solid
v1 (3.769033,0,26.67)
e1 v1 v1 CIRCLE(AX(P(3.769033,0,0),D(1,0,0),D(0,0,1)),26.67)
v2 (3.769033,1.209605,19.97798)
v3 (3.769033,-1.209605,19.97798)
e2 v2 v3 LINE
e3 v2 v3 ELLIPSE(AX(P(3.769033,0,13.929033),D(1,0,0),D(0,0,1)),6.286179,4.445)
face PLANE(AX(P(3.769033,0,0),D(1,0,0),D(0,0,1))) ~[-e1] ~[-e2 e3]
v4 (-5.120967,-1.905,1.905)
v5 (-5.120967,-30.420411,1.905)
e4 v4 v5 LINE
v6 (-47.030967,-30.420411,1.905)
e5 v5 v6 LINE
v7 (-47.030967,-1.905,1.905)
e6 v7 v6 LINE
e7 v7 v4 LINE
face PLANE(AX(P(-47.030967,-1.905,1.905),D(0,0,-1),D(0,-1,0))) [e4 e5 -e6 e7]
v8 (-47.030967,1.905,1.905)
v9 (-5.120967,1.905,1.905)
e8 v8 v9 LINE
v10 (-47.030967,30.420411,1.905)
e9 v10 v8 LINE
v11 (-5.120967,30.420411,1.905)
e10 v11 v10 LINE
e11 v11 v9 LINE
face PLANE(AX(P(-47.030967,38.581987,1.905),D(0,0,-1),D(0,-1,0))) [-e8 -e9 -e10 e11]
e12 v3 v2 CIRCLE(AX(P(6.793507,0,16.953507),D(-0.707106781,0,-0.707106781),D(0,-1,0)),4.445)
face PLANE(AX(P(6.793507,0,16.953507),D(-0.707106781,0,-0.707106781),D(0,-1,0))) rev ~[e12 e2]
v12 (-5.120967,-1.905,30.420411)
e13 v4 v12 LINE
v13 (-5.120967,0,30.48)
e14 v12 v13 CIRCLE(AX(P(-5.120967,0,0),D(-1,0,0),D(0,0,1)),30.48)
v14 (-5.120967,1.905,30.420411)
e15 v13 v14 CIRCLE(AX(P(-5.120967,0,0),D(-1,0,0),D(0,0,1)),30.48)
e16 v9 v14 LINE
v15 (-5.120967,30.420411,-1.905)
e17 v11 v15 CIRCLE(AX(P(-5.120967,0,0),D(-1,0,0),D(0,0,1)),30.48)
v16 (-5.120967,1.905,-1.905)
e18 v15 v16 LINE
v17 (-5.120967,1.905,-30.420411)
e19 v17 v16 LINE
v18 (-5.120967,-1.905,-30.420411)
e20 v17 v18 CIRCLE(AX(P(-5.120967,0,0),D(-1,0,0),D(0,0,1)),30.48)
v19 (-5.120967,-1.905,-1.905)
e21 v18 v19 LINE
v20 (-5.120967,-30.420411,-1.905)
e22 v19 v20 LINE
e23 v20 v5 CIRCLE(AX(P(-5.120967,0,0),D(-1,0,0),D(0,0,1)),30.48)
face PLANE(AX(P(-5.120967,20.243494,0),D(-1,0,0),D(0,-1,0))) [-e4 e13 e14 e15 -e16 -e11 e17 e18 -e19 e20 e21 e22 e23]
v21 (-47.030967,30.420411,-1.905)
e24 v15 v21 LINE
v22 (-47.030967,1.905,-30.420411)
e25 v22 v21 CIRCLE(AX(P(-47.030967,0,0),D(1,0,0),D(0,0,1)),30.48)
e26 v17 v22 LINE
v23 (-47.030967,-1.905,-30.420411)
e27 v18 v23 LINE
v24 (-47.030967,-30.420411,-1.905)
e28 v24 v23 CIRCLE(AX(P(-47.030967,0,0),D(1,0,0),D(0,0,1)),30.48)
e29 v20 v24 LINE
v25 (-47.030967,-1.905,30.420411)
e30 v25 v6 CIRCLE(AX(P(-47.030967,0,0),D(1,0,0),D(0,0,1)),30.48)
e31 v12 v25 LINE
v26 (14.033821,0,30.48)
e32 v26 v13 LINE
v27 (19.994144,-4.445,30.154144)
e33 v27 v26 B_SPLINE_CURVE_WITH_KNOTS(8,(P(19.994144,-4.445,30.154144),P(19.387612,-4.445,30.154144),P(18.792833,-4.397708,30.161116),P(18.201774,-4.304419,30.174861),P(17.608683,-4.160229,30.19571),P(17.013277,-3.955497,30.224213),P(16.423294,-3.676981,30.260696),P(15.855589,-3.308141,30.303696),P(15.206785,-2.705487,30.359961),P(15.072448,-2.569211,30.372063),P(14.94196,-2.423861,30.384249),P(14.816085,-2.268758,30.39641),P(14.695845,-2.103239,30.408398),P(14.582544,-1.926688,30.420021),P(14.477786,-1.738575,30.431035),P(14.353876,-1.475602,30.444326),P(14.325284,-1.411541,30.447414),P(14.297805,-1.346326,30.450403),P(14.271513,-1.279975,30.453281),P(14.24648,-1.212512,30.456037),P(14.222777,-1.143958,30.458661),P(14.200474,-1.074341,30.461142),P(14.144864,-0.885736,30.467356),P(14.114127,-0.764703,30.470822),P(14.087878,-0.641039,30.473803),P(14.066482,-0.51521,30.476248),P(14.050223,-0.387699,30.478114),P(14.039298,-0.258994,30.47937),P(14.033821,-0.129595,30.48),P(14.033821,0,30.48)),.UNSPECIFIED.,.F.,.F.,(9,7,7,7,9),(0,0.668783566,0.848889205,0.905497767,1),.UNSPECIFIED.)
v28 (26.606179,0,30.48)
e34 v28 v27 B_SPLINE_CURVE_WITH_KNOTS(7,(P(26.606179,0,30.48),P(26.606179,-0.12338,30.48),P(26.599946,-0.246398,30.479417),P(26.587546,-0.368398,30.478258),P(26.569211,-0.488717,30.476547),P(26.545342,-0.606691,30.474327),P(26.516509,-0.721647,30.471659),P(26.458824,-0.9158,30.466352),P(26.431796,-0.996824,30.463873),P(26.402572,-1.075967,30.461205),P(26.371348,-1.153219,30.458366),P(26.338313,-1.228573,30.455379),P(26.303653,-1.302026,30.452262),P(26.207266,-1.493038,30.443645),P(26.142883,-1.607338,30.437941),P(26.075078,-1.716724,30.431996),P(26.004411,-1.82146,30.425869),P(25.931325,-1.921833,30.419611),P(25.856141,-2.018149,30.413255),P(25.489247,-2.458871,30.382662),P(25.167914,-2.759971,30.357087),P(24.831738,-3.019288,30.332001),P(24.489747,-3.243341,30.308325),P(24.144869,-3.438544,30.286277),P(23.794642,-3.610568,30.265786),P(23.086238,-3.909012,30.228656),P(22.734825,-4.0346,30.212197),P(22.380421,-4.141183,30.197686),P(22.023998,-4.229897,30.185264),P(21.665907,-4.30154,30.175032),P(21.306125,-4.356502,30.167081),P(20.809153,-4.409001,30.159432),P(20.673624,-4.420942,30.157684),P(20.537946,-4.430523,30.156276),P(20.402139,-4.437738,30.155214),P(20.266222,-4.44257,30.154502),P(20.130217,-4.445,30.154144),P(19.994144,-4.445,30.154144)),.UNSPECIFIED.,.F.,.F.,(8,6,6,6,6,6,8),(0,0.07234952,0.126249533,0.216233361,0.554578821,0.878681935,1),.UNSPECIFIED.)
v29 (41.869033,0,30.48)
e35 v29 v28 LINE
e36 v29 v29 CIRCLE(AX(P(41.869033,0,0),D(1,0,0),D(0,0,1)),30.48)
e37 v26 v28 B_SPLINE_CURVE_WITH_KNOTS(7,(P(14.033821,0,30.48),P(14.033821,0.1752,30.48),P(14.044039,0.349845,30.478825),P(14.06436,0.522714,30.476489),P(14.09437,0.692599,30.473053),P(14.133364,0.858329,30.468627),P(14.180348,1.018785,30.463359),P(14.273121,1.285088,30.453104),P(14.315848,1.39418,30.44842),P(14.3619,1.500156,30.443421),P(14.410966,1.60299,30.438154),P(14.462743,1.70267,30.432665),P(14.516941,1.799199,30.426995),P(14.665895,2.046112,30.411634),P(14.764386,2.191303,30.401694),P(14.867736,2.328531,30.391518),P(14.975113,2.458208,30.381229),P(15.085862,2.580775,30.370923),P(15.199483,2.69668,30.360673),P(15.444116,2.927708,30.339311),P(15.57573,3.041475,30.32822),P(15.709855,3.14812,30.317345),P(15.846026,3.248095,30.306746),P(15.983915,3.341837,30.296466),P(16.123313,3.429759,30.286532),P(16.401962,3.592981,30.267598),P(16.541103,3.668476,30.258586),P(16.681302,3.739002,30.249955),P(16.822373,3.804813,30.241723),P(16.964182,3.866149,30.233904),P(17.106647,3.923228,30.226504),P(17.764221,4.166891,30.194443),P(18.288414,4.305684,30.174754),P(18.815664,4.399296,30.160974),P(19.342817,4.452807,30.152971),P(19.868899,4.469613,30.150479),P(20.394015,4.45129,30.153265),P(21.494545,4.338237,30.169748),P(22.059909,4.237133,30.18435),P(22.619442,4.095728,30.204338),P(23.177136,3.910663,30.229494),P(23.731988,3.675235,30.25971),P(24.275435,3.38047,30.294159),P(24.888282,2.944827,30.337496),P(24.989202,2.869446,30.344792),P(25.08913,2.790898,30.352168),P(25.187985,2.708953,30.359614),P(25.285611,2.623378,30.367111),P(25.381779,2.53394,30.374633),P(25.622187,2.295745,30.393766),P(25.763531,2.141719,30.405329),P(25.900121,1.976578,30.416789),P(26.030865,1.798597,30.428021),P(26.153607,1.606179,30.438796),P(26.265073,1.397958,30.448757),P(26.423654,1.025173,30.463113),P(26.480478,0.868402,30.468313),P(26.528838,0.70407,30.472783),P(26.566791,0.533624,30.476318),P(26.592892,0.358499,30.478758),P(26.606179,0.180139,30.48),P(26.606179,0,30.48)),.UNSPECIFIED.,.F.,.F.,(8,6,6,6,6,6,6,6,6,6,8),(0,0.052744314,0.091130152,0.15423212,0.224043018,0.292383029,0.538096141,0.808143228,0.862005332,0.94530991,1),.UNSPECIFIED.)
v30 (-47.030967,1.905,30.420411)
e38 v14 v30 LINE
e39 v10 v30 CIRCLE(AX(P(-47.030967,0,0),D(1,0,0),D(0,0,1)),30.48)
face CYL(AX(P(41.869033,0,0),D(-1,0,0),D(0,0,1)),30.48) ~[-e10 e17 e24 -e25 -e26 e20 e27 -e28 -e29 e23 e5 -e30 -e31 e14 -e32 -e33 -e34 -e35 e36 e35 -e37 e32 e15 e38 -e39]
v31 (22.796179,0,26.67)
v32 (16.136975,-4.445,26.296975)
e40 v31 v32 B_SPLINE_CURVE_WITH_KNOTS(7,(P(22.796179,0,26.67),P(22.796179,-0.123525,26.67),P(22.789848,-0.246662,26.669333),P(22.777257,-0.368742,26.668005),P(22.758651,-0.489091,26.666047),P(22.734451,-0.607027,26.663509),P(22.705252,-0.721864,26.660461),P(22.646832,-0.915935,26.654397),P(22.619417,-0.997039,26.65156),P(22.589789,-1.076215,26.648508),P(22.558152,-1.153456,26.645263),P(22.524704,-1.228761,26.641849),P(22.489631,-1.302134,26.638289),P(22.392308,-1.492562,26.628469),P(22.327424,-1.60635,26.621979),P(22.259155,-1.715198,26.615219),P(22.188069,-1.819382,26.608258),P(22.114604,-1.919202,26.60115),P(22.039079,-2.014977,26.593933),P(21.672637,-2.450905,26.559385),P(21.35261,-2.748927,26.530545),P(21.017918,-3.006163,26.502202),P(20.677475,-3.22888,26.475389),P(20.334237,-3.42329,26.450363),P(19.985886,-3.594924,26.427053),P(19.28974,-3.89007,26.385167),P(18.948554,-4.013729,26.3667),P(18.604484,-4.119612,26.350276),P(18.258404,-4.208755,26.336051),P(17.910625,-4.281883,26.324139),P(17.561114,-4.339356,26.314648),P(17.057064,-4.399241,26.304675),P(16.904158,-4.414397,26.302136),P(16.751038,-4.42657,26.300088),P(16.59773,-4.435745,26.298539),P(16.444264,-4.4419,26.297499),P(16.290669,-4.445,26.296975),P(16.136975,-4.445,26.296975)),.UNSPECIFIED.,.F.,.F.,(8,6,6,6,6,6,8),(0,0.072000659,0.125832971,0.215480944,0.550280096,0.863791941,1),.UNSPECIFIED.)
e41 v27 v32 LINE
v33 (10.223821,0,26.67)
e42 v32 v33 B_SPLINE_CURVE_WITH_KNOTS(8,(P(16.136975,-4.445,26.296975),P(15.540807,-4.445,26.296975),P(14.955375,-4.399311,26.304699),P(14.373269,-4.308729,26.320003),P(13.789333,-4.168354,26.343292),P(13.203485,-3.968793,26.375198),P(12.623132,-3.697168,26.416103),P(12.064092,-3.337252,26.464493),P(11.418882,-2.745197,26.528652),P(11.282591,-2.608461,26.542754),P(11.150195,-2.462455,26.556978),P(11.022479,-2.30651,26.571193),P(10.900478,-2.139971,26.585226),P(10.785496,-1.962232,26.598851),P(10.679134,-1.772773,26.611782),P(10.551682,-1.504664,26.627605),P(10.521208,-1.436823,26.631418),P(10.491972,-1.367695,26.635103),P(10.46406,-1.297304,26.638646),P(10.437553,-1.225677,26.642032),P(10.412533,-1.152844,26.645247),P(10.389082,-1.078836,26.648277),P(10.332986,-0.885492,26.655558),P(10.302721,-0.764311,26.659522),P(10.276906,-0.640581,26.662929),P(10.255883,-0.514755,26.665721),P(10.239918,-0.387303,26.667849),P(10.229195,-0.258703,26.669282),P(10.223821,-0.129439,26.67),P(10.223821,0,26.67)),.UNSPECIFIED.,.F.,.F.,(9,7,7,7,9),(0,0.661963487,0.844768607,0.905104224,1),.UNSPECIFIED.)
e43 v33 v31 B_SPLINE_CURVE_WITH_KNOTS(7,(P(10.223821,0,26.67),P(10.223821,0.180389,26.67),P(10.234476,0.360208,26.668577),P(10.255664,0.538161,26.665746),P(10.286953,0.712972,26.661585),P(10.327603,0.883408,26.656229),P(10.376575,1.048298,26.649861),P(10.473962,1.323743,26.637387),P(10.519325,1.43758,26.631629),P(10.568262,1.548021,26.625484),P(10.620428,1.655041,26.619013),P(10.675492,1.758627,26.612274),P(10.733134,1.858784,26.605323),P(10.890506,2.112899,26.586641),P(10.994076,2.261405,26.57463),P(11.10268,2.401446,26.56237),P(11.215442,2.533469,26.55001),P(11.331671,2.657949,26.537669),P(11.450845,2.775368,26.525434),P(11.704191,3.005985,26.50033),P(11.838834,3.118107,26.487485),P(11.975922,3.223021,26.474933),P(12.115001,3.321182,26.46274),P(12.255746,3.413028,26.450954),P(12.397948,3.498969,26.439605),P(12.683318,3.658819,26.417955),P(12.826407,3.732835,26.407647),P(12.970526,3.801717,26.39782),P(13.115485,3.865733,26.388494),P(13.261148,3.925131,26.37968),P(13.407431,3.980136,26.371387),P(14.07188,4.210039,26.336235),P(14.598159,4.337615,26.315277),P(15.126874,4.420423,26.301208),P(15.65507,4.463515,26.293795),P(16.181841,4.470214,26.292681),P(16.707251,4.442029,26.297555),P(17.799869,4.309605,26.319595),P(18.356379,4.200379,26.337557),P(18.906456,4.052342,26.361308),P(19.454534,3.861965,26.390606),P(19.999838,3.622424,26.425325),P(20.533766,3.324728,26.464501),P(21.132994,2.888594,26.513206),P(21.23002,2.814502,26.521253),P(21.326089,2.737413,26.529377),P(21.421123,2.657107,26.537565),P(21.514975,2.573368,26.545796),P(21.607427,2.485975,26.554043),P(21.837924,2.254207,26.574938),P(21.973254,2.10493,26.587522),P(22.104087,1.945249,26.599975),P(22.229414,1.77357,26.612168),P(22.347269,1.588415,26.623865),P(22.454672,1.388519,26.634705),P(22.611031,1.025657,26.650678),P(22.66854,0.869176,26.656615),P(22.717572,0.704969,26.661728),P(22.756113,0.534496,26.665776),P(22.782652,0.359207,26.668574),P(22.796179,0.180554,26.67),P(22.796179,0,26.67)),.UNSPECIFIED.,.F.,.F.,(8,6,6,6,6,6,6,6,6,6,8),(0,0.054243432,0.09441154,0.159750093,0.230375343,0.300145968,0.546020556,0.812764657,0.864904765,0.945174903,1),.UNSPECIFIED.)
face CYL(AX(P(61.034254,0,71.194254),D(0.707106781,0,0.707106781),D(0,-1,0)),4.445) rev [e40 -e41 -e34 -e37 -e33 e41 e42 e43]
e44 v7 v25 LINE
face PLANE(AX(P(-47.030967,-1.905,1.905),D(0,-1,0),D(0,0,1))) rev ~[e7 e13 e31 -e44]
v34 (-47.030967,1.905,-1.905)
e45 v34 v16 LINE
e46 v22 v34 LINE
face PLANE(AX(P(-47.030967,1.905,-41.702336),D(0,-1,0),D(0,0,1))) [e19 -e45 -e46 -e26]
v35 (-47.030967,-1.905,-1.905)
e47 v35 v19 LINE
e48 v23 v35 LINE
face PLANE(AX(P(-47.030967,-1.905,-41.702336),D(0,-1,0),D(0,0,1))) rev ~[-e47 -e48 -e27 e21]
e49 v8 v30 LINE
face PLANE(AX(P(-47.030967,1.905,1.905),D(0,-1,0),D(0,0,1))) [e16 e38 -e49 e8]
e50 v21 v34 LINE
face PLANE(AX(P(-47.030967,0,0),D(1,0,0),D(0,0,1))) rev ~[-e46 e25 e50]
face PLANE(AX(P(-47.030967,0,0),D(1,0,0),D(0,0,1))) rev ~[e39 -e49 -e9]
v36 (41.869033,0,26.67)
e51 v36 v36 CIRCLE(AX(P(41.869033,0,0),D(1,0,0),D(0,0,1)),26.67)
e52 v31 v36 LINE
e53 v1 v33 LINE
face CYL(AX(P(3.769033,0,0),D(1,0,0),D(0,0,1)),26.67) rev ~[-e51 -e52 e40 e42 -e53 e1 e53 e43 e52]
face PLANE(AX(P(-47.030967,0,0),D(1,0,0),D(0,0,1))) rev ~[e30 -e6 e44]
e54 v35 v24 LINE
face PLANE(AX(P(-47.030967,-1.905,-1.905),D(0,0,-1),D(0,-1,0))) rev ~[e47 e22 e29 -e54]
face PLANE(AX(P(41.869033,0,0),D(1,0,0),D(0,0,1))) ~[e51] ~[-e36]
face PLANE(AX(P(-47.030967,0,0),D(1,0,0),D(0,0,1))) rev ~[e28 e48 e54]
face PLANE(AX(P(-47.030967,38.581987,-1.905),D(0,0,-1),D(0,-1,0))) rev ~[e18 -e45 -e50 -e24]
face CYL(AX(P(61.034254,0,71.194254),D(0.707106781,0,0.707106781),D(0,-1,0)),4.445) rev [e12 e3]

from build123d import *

# Parameters (mm, degrees)
F2_W     = 36.676987372
F2_H     = 3.81
F2_W_2   = 3.81
F2_H_2   = 32.5926636749
F2_W_3   = 35.713012628
F2_H_3   = 39.7973363251
F3_DEPTH = 41.91
F6_R     = 4.445
F7_DEPTH = 76.708


with BuildPart() as f1:
    # F0 (on Front) → F1 (revolve)
    with BuildSketch(Plane.XZ):
        Polygon((-47.0309668349, 30.48), (-47.0309668349, 0), (3.7690331651, 0), (3.7690331651, 26.67), (41.8690331651, 26.67), (41.8690331651, 30.48), align=None)
    revolve(axis=Axis((6.2270945557, 0, 0), (1, 0, 0)))

    # F2 (on face) → F3 (cut)
    with BuildSketch(Plane(origin=(-47.0309668349, 0, 0), x_dir=(0, -1, 0), z_dir=(-1, 0, 0))):
        with Locations((-20.243493686, 0)):
            Rectangle(F2_W, F2_H)
        with Locations((0, 18.2013318375)):
            Rectangle(F2_W_2, F2_H_2)
        Rectangle(F2_W_2, F2_H)
        with Locations((19.761506314, 0)):
            Rectangle(F2_W_3, F2_H)
        with Locations((0, -21.8036681625)):
            Rectangle(F2_W_2, F2_H_3)
    extrude(amount=-F3_DEPTH, mode=Mode.SUBTRACT)

    # F6 (on line) → F7 (cut)
    with BuildSketch(Plane(origin=(66.1142536219, 0, 66.1142536219), x_dir=(0, -1, 0), z_dir=(-0.7071067812, 0, -0.7071067812))):
        with Locations((0, 7.1842048969)):
            Circle(F6_R)
    extrude(amount=F7_DEPTH, mode=Mode.SUBTRACT)


solid = f1.part
